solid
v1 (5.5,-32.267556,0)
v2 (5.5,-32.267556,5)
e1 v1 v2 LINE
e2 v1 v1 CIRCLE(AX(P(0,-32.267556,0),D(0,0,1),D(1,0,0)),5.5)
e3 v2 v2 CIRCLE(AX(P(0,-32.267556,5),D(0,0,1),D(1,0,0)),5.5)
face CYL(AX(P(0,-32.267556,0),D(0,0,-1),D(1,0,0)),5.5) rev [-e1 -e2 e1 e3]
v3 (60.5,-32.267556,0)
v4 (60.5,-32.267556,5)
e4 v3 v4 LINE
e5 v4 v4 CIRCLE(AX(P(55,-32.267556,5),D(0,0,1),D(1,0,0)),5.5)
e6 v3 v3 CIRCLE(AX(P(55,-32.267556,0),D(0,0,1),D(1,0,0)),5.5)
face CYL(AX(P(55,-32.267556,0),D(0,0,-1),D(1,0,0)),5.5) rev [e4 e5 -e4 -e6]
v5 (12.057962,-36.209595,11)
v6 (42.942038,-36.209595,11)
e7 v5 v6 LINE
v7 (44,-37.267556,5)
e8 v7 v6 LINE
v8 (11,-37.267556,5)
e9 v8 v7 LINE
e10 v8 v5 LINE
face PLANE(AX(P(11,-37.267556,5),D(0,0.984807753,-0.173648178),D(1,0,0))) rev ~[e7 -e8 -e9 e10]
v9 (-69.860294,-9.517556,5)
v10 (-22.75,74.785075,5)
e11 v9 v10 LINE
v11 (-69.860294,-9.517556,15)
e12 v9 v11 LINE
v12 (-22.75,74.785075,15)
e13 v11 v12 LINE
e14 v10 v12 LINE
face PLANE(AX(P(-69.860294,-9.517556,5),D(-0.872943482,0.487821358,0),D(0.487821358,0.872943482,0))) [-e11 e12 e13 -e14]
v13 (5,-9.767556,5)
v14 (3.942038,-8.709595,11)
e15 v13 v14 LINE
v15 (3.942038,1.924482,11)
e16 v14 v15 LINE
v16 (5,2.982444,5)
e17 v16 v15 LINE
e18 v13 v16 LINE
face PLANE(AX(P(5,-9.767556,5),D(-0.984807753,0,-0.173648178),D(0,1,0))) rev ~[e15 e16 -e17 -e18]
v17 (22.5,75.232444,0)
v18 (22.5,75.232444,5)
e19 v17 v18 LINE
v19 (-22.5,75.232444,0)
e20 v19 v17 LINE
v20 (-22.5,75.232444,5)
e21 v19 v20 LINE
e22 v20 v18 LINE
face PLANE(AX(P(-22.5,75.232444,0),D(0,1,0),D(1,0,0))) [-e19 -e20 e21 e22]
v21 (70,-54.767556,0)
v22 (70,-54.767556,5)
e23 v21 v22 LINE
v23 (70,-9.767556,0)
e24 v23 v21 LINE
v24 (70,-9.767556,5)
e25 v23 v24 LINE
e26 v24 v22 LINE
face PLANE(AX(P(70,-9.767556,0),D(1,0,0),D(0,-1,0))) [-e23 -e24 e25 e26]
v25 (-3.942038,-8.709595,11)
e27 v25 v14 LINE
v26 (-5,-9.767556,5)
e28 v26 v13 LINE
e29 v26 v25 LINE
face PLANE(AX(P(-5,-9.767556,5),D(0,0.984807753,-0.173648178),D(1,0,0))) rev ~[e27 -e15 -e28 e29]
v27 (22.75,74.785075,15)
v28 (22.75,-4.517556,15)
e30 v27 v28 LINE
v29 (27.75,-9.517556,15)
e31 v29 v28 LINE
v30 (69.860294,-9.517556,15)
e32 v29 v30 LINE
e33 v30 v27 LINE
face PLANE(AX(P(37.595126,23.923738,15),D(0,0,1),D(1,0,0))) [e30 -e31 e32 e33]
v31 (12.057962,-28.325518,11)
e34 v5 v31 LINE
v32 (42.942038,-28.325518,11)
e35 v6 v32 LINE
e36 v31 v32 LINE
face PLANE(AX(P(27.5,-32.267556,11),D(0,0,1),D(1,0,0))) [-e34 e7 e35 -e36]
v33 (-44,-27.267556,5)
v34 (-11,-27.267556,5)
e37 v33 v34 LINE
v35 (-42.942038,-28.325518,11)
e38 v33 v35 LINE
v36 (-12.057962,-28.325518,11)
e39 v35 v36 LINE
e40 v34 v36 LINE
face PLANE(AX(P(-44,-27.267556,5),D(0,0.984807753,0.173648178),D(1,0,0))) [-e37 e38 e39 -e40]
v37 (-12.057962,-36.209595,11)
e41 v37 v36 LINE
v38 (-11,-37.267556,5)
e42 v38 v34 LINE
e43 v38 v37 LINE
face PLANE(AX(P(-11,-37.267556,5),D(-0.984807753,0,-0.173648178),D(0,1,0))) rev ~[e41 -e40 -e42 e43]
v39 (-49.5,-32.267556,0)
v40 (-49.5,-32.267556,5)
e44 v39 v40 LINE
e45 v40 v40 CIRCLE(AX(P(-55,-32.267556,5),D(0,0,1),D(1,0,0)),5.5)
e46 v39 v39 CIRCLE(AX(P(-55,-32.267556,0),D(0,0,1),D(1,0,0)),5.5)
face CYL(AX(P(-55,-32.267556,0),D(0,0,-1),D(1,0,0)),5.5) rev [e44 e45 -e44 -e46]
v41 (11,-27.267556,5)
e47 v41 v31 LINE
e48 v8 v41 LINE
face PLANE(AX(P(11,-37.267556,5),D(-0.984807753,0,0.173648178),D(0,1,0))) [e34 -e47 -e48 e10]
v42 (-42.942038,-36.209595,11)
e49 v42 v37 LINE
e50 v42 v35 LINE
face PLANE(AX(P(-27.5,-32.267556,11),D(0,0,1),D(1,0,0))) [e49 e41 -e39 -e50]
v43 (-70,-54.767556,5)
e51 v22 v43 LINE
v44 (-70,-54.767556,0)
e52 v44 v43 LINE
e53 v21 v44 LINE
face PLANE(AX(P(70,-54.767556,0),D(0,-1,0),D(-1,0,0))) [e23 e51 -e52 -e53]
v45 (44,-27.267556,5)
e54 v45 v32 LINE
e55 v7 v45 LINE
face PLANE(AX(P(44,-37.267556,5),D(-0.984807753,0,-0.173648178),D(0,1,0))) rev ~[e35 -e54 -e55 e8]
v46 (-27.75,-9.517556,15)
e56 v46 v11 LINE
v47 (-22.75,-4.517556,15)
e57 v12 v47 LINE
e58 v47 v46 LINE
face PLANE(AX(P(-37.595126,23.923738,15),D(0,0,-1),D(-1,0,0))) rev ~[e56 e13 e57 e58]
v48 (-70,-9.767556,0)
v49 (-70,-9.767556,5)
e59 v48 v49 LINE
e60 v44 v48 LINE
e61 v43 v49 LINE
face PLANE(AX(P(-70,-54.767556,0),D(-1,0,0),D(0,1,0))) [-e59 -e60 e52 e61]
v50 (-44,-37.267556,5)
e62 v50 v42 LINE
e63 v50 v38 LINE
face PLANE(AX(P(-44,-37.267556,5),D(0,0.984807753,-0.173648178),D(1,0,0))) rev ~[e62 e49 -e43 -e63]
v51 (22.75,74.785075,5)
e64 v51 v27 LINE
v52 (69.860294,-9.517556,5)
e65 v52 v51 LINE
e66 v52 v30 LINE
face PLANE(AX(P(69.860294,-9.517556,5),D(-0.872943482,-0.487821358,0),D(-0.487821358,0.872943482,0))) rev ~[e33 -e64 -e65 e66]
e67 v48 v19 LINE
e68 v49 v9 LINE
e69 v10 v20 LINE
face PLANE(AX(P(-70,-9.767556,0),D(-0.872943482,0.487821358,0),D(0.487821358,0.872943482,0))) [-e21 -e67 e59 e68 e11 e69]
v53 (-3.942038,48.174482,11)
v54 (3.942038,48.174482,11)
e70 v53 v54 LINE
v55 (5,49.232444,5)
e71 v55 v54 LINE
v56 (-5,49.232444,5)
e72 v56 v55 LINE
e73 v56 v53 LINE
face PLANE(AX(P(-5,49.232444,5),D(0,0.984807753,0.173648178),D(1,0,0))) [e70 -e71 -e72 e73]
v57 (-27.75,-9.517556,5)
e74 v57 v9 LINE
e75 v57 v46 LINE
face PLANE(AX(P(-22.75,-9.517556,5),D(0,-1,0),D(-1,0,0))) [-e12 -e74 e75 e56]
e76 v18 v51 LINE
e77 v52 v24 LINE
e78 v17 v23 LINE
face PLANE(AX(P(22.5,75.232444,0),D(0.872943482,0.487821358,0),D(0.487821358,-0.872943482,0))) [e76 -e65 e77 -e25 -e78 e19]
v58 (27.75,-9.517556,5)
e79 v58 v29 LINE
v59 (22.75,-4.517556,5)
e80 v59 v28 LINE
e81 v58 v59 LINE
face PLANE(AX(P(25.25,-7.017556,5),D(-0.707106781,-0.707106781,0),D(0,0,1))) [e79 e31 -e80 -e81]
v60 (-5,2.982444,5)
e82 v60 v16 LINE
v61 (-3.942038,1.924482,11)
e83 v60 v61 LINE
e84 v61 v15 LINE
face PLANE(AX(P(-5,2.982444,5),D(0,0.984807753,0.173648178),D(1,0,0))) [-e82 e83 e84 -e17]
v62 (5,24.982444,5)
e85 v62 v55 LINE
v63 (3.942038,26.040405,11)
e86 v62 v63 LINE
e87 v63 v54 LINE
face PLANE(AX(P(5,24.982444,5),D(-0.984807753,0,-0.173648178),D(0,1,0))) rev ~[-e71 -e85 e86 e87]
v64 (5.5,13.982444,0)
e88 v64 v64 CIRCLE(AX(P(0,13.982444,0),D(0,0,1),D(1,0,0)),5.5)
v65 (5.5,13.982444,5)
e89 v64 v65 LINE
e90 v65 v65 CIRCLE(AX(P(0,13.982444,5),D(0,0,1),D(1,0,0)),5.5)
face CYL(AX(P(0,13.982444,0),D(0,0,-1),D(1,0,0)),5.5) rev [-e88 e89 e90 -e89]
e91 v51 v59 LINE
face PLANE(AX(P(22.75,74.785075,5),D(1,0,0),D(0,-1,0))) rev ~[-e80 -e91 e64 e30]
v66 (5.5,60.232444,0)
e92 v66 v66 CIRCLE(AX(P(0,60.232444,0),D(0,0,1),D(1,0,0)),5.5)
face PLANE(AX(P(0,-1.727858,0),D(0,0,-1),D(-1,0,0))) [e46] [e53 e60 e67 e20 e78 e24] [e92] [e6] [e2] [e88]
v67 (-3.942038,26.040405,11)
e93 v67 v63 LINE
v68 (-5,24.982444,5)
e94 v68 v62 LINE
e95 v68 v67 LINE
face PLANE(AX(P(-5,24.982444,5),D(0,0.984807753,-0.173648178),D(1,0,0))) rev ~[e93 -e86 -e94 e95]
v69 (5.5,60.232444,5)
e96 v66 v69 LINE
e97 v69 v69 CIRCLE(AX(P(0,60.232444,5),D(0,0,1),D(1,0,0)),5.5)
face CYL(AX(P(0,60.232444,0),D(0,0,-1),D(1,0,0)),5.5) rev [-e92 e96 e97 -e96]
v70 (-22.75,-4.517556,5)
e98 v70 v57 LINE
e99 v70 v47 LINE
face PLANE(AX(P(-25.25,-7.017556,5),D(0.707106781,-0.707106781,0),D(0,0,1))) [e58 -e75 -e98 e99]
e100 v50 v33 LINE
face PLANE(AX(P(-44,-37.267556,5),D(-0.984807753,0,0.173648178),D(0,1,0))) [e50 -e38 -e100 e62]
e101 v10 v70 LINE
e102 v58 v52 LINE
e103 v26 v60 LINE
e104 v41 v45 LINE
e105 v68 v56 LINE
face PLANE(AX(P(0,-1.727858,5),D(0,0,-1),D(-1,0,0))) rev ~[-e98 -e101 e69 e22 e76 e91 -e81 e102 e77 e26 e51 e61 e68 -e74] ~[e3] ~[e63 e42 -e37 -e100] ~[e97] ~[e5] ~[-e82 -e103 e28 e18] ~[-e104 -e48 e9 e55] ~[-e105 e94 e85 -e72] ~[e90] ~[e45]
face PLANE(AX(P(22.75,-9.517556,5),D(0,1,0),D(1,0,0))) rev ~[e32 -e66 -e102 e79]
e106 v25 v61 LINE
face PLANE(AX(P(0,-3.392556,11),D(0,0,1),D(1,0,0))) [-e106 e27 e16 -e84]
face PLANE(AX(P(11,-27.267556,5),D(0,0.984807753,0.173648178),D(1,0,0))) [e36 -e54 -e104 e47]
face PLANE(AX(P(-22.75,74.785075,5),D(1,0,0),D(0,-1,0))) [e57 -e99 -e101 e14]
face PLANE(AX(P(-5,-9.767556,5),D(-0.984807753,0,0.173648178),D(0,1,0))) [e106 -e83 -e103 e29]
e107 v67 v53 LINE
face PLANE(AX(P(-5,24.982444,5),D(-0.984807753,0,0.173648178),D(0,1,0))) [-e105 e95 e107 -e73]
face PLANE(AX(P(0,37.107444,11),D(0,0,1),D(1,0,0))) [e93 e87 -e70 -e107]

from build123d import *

# Parameters (mm, degrees)
ESQUISSE1_R        = 5.5
BOSS_EXTRU_1_DEPTH = 5
ESQUISSE2_W        = 33
ESQUISSE2_H        = 10
ESQUISSE2_W_2      = 10
ESQUISSE2_H_2      = 24.25
ESQUISSE2_H_3      = 12.75
BOSS_EXTRU_2_DEPTH = 6
D_POUILLE1_ANGLE   = 10
BOSS_EXTRU_3_DEPTH = 10
CHANFREIN1_SIZE    = 5


with BuildPart() as part:
    # Esquisse1 → Boss.-Extru.1 (new body)
    with BuildSketch(Plane.XY):
        Polygon((-22.5, 75.232443508), (22.5, 75.232443508), (70, -9.767556492), (70, -54.767556492), (-70, -54.767556492), (-70, -9.767556492), align=None)
        with Locations((0, 60.232443508)):
            Circle(ESQUISSE1_R, mode=Mode.SUBTRACT)
        with Locations((0, 13.982443508)):
            Circle(ESQUISSE1_R, mode=Mode.SUBTRACT)
        with Locations((0, -32.267556492)):
            Circle(ESQUISSE1_R, mode=Mode.SUBTRACT)
        with Locations((-55, -32.267556492)):
            Circle(ESQUISSE1_R, mode=Mode.SUBTRACT)
        with Locations((55, -32.267556492)):
            Circle(ESQUISSE1_R, mode=Mode.SUBTRACT)
    extrude(amount=BOSS_EXTRU_1_DEPTH)

    # Esquisse2 → Boss.-Extru.2 (add)
    with BuildSketch(Plane.XY.offset(5)):
        with Locations((-27.5, -32.267556492)):
            Rectangle(ESQUISSE2_W, ESQUISSE2_H)
        with Locations((27.5, -32.267556492)):
            Rectangle(ESQUISSE2_W, ESQUISSE2_H)
        with Locations((0, 37.107443508)):
            Rectangle(ESQUISSE2_W_2, ESQUISSE2_H_2)
        with Locations((0, -3.392556492)):
            Rectangle(ESQUISSE2_W_2, ESQUISSE2_H_3)
    extrude(amount=BOSS_EXTRU_2_DEPTH)

    # Dépouille1
    d_pouille1_faces = [part.faces().sort_by_distance(p)[0] for p in [
        (44, -32.267556492, 8),
        (27.5, -27.267556492, 8),
        (-11, -32.267556492, 8),
        (-27.5, -27.267556492, 8),
        (0, 2.982443508, 8),
        (5, -3.392556492, 8),
        (0, 49.232443508, 8),
        (5, 37.107443508, 8),
        (-5, 37.107443508, 8),
        (0, 24.982443508, 8),
        (11, -32.267556492, 8),
        (-44, -32.267556492, 8),
        (-5, -3.392556492, 8),
        (-27.5, -37.267556492, 8),
        (27.5, -37.267556492, 8),
        (0, -9.767556492, 8),
    ]]
    draft(d_pouille1_faces, Plane.XY.offset(5), D_POUILLE1_ANGLE)

    # Esquisse3 → Boss.-Extru.3 (add)
    with BuildSketch(Plane.XY.offset(5)):
        Polygon((-22.75, 74.785075087), (-22.75, -9.517556492), (-69.860294118, -9.517556492), align=None)
        Polygon((22.75, -9.517556492), (69.860294118, -9.517556492), (22.75, 74.785075087), align=None)
    extrude(amount=BOSS_EXTRU_3_DEPTH)

    # Chanfrein1
    chanfrein1_edges = [part.edges().sort_by_distance(p)[0] for p in [
        (-22.75, -9.517556492, 10),
        (22.75, -9.517556492, 10),
    ]]
    chamfer(chanfrein1_edges, length=CHANFREIN1_SIZE)


solid = part.part
